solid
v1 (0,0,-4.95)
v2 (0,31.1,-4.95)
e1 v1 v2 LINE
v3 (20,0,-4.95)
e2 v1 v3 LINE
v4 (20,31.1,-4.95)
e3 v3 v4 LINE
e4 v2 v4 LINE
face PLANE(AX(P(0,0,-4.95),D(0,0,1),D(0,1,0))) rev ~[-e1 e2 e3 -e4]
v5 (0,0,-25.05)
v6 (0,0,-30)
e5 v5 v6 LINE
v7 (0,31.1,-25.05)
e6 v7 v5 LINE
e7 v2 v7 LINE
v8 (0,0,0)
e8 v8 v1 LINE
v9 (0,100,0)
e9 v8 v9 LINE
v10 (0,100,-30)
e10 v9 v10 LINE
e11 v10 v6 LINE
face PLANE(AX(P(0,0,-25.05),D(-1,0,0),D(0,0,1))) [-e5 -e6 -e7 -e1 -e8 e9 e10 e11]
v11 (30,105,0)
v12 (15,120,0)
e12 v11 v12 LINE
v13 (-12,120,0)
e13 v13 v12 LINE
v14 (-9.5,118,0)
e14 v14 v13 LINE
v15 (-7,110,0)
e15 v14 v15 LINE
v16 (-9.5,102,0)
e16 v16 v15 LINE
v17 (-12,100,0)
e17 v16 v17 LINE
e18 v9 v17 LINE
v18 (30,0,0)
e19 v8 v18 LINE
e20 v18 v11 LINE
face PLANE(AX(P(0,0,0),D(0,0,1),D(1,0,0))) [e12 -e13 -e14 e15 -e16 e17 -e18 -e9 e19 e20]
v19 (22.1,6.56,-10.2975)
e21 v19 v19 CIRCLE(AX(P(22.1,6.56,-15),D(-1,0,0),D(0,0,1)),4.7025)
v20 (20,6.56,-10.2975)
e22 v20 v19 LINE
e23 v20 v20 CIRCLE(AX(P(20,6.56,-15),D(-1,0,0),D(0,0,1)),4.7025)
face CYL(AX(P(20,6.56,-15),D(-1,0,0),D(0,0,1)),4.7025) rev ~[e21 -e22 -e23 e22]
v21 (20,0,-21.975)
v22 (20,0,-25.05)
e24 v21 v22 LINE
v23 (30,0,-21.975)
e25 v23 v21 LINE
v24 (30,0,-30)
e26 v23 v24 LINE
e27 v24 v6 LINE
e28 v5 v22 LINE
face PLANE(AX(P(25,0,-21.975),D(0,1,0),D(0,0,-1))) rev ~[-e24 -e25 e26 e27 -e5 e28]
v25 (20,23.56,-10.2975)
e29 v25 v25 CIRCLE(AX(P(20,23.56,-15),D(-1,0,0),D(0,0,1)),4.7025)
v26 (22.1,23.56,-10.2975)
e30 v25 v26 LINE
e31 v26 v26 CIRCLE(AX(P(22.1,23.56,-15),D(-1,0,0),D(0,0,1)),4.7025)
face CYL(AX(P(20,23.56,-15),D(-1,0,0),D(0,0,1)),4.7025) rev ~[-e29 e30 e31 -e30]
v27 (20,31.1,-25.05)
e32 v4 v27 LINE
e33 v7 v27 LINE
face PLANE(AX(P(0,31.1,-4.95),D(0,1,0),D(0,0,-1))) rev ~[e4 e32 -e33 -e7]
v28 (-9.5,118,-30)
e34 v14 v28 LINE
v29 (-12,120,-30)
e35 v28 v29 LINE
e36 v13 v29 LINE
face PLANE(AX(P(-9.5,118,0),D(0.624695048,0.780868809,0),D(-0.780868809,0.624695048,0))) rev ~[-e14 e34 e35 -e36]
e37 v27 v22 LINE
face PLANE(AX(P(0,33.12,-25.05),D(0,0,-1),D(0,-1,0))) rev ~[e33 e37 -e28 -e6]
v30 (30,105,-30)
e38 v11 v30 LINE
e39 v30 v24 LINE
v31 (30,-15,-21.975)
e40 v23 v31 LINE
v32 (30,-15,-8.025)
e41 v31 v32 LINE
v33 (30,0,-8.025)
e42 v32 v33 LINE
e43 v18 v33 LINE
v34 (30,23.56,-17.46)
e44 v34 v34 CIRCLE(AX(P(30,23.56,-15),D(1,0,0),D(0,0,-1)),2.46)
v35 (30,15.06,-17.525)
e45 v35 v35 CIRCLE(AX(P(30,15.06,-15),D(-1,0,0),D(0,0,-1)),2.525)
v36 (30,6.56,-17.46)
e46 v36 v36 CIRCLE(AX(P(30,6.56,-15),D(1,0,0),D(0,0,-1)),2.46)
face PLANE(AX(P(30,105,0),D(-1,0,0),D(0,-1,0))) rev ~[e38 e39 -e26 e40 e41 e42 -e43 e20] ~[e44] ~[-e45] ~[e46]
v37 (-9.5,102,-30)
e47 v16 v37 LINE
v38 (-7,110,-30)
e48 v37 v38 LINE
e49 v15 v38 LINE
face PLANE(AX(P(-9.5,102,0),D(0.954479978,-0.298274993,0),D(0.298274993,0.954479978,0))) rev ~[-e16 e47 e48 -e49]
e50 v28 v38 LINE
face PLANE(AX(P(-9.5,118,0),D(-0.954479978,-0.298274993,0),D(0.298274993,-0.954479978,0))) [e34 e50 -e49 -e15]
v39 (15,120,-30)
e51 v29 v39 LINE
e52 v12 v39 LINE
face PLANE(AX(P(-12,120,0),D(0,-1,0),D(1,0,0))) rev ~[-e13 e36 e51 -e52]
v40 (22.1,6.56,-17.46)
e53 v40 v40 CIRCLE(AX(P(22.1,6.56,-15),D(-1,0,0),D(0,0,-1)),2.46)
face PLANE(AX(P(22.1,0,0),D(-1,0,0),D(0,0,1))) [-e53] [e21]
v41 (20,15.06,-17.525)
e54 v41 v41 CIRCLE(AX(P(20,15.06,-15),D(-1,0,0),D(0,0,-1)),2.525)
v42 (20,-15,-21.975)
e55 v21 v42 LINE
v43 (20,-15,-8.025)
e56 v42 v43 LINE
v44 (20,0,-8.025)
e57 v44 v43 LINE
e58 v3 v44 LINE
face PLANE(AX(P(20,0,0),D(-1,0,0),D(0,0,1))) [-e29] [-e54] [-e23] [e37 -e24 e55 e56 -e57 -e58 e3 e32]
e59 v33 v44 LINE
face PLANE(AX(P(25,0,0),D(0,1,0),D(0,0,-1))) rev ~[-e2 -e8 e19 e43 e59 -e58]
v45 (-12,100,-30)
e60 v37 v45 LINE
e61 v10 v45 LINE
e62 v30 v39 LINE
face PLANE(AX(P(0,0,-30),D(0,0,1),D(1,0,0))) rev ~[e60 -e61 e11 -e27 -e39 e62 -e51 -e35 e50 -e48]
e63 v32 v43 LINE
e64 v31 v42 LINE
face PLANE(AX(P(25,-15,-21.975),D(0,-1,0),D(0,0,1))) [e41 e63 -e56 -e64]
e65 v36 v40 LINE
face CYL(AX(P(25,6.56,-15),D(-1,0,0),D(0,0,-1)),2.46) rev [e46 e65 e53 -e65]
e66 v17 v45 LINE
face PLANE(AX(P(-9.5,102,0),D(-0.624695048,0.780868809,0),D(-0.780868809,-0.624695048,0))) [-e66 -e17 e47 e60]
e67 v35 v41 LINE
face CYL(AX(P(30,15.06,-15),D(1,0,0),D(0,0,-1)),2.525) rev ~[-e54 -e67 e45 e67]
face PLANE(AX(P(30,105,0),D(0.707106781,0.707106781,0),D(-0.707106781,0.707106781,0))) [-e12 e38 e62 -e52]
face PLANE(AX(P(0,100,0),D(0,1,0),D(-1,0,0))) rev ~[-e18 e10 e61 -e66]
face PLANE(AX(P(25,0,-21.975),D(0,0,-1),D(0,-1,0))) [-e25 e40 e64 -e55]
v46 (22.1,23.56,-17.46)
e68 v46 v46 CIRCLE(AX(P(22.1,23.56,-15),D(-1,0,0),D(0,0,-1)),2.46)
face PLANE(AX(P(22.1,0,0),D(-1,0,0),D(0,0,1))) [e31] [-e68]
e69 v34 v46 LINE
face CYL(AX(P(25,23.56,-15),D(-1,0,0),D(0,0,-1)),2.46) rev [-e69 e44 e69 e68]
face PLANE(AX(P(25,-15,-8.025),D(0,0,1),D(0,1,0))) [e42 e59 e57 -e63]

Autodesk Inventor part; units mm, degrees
ref_plane "YZ Plane" through (0, 0, 0) normal (1, 0, 0) x (0, 1, 0)
ref_plane "XZ Plane" through (0, 0, 0) normal (0, 1, 0) x (-1, 0, 0)
ref_plane "XY Plane" through (0, 0, 0) normal (0, 0, 1) x (1, 0, 0)
sketch "Sketch1" plane through (0, 0, 0) normal (0, 0, 1) x (1, 0, 0)
  line L0 (0, 0) -> (25, 0)
  line L1 (25, 0) -> (25, 40)
  line L2 (25, 40) -> (0, 40)
  line L3 (0, 40) -> (0, 0)
  dimension "d1" = 25
  dimension "d2" = 40
  dimension "d3" = 25
extrude "Extrusion1" add sketch "Sketch1" against normal blind 30
sketch "Sketch2" plane through (25, 0, 0) normal (1, 0, 0) x (0, 0, -1)
  line L0 (0, 0) -> (30, 0) projected
  circle A0 centre (15, 6.56) radius 2.46
extrude "Extrusion2" cut sketch "Sketch2" against normal blind 30
sketch "Sketch3" plane through (0, 0, 0) normal (-1, 0, 0) x (0, 0, 1)
  line L0 (0, 0) -> (-30, 0) projected
  line L1 (-25.05, 0) -> (-4.95, 0)
  line L2 (-4.95, 0) -> (-4.95, 33.12)
  line L3 (-4.95, 33.12) -> (-25.05, 33.12)
  line L4 (-25.05, 33.12) -> (-25.05, 0)
  dimension "d11" = 20.1
extrude "Extrusion3" cut sketch "Sketch3" against normal blind 20
sketch "Sketch4" plane through (0, 0, 0) normal (0, -1, 0) x (1, 0, 0)
  line L0 (20, -4.95) -> (20, -25.05) projected
  line L1 (20, -15) -> (25, -15)
  line L2 (25, 0) -> (25, -30) projected
  line L3 (20, -8.025) -> (25, -8.025)
  line L4 (25, -8.025) -> (25, -21.975)
  line L5 (25, -21.975) -> (20, -21.975)
  line L6 (20, -21.975) -> (20, -8.025)
  line L7 (20, -8.025) -> (25, -21.975) construction
  line L8 (25, -8.025) -> (20, -21.975) construction
  line L9 (25, -12.54) -> (25, -17.46) projected
  point P0 (0, 0)
  point P1 (22.5, -15)
  dimension "d14" = 13.95
extrude "Extrusion4" add sketch "Sketch4" along normal blind 15
sketch "Sketch5" plane through (20, 0, 0) normal (-1, 0, 0) x (0, 0, 1)
  circle A0 centre (-15, 6.56) radius 2.46 projected
  circle A1 centre (-15, 6.56) radius 4.7025
  circle A2 centre (-15, 6.56) radius 2.46 projected
  circle A3 centre (-15, 6.56) radius 2.46
  point P0 (0, 0)
  dimension "d17" = 9.405
extrude "Extrusion5" cut sketch "Sketch5" against normal blind 2.1
sketch "Sketch6" plane through (25, 0, 0) normal (1, 0, 0) x (0, 0, -1)
  circle A0 centre (15, 6.56) radius 4.7025 projected
  line L0 (15, 6.56) -> (15, 23.56)
  circle A1 centre (15, 23.56) radius 2.46
  point P0 (0, 0)
  dimension "d20" = 17
  dimension "d21" = 4.92
extrude "Extrusion6" cut sketch "Sketch6" against normal blind 10 contours A1
sketch "Sketch7" plane through (20, 0, 0) normal (-1, 0, 0) x (0, 0, 1)
  circle A0 centre (-15, 23.56) radius 2.46 projected
  circle A1 centre (-15, 23.56) radius 4.7025
  point P0 (0, 0)
  dimension "d24" = 9.405
extrude "Extrusion7" cut sketch "Sketch7" against normal blind 2.1
sketch "Sketch9" plane through (25, 0, 0) normal (1, 0, 0) x (0, 0, -1)
  circle A0 centre (15, 6.56) radius 2.46 projected
  circle A1 centre (15, 6.56) radius 2.46
  circle A2 centre (15, 23.56) radius 2.46 projected
  circle A3 centre (15, 23.56) radius 2.46
  line L0 (30, 40) -> (30, 0) projected
  line L1 (30, 0) -> (30, 40)
  line L2 (30, 40) -> (0, 40)
  line L3 (0, 40) -> (0, 0)
  line L4 (0, 0) -> (8.025, 0) projected
  line L5 (21.975, 0) -> (21.975, -15)
  line L6 (21.975, -15) -> (8.025, -15)
  line L7 (8.025, -15) -> (8.025, 0)
  line L8 (0, 0) -> (8.025, 0)
  line L9 (21.975, 0) -> (30, 0)
extrude "Extrusion8" add sketch "Sketch9" along normal blind 5
sketch "Sketch10" plane through (0, 40, 0) normal (0, 1, 0) x (1, 0, 0)
  line L0 (0, 30) -> (30, 30) projected
  line L1 (30, 0) -> (0, 0) projected
  line L2 (0, 30) -> (30, 30)
  line L3 (30, 30) -> (30, 0)
  line L4 (30, 0) -> (0, 0)
  line L5 (0, 0) -> (0, 30)
extrude "Extrusion9" add sketch "Sketch10" along normal blind 30
sketch "Sketch12" plane through (30, 0, 0) normal (1, 0, 0) x (0, 0, -1)
  circle A0 centre (15, 6.56) radius 2.46 projected
  line L0 (15, 6.56) -> (15, 15.06)
  circle A1 centre (15, 15.06) radius 2.525
  point P0 (0, 0)
  dimension "d31" = 8.5
  dimension "d33" = 5.05
extrude "Extrusion10" cut sketch "Sketch12" against normal blind 30 contours A1
sketch "Sketch14" plane through (0, 0, 0) normal (0, 0, 1) x (1, 0, 0)
  line L0 (30, 70) -> (0, 70) projected
  line L1 (0, 70) -> (0, 85)
  line L2 (30, 0) -> (30, 70) projected
  line L3 (30, 100) -> (30, 70)
  line L4 (-12, 120) -> (15, 120)
  line L5 (-9.5, 118) -> (-7, 110)
  line L6 (-9.5, 118) -> (-12, 120)
  line L7 (-9.5, 102) -> (-7, 110)
  line L8 (-9.5, 102) -> (-12, 100)
  line L9 (30, 105) -> (15, 120)
  line L10 (30, 105) -> (30, 100)
  line L11 (0, 85) -> (0, 100)
  line L12 (0, 100) -> (-12, 100)
  point P0 (0, 0)
  dimension "d60" = 20
  dimension "d64" = 12
extrude "Extrusion12" add sketch "Sketch14" against normal blind 30
sketch "Sketch15" plane through (0, 0, -25.05) normal (-1, 0, 0) x (0, 0, 1)
  line L0 (0, 33.12) -> (20.1, 33.12) projected
  line L1 (20.1, 33.12) -> (20.1, 0) projected
  line L2 (0, 33.12) -> (20.1, 33.12)
  line L3 (20.1, 33.12) -> (20.1, 31.1)
  line L4 (20.1, 31.1) -> (0, 31.1)
  line L5 (0, 31.1) -> (0, 33.12)
  point P0 (25.05, 0)
  dimension "d57" = 2.02
extrude "Extrusion13" add sketch "Sketch15" against normal blind 20
properties part number "16mm_x_30mm"
